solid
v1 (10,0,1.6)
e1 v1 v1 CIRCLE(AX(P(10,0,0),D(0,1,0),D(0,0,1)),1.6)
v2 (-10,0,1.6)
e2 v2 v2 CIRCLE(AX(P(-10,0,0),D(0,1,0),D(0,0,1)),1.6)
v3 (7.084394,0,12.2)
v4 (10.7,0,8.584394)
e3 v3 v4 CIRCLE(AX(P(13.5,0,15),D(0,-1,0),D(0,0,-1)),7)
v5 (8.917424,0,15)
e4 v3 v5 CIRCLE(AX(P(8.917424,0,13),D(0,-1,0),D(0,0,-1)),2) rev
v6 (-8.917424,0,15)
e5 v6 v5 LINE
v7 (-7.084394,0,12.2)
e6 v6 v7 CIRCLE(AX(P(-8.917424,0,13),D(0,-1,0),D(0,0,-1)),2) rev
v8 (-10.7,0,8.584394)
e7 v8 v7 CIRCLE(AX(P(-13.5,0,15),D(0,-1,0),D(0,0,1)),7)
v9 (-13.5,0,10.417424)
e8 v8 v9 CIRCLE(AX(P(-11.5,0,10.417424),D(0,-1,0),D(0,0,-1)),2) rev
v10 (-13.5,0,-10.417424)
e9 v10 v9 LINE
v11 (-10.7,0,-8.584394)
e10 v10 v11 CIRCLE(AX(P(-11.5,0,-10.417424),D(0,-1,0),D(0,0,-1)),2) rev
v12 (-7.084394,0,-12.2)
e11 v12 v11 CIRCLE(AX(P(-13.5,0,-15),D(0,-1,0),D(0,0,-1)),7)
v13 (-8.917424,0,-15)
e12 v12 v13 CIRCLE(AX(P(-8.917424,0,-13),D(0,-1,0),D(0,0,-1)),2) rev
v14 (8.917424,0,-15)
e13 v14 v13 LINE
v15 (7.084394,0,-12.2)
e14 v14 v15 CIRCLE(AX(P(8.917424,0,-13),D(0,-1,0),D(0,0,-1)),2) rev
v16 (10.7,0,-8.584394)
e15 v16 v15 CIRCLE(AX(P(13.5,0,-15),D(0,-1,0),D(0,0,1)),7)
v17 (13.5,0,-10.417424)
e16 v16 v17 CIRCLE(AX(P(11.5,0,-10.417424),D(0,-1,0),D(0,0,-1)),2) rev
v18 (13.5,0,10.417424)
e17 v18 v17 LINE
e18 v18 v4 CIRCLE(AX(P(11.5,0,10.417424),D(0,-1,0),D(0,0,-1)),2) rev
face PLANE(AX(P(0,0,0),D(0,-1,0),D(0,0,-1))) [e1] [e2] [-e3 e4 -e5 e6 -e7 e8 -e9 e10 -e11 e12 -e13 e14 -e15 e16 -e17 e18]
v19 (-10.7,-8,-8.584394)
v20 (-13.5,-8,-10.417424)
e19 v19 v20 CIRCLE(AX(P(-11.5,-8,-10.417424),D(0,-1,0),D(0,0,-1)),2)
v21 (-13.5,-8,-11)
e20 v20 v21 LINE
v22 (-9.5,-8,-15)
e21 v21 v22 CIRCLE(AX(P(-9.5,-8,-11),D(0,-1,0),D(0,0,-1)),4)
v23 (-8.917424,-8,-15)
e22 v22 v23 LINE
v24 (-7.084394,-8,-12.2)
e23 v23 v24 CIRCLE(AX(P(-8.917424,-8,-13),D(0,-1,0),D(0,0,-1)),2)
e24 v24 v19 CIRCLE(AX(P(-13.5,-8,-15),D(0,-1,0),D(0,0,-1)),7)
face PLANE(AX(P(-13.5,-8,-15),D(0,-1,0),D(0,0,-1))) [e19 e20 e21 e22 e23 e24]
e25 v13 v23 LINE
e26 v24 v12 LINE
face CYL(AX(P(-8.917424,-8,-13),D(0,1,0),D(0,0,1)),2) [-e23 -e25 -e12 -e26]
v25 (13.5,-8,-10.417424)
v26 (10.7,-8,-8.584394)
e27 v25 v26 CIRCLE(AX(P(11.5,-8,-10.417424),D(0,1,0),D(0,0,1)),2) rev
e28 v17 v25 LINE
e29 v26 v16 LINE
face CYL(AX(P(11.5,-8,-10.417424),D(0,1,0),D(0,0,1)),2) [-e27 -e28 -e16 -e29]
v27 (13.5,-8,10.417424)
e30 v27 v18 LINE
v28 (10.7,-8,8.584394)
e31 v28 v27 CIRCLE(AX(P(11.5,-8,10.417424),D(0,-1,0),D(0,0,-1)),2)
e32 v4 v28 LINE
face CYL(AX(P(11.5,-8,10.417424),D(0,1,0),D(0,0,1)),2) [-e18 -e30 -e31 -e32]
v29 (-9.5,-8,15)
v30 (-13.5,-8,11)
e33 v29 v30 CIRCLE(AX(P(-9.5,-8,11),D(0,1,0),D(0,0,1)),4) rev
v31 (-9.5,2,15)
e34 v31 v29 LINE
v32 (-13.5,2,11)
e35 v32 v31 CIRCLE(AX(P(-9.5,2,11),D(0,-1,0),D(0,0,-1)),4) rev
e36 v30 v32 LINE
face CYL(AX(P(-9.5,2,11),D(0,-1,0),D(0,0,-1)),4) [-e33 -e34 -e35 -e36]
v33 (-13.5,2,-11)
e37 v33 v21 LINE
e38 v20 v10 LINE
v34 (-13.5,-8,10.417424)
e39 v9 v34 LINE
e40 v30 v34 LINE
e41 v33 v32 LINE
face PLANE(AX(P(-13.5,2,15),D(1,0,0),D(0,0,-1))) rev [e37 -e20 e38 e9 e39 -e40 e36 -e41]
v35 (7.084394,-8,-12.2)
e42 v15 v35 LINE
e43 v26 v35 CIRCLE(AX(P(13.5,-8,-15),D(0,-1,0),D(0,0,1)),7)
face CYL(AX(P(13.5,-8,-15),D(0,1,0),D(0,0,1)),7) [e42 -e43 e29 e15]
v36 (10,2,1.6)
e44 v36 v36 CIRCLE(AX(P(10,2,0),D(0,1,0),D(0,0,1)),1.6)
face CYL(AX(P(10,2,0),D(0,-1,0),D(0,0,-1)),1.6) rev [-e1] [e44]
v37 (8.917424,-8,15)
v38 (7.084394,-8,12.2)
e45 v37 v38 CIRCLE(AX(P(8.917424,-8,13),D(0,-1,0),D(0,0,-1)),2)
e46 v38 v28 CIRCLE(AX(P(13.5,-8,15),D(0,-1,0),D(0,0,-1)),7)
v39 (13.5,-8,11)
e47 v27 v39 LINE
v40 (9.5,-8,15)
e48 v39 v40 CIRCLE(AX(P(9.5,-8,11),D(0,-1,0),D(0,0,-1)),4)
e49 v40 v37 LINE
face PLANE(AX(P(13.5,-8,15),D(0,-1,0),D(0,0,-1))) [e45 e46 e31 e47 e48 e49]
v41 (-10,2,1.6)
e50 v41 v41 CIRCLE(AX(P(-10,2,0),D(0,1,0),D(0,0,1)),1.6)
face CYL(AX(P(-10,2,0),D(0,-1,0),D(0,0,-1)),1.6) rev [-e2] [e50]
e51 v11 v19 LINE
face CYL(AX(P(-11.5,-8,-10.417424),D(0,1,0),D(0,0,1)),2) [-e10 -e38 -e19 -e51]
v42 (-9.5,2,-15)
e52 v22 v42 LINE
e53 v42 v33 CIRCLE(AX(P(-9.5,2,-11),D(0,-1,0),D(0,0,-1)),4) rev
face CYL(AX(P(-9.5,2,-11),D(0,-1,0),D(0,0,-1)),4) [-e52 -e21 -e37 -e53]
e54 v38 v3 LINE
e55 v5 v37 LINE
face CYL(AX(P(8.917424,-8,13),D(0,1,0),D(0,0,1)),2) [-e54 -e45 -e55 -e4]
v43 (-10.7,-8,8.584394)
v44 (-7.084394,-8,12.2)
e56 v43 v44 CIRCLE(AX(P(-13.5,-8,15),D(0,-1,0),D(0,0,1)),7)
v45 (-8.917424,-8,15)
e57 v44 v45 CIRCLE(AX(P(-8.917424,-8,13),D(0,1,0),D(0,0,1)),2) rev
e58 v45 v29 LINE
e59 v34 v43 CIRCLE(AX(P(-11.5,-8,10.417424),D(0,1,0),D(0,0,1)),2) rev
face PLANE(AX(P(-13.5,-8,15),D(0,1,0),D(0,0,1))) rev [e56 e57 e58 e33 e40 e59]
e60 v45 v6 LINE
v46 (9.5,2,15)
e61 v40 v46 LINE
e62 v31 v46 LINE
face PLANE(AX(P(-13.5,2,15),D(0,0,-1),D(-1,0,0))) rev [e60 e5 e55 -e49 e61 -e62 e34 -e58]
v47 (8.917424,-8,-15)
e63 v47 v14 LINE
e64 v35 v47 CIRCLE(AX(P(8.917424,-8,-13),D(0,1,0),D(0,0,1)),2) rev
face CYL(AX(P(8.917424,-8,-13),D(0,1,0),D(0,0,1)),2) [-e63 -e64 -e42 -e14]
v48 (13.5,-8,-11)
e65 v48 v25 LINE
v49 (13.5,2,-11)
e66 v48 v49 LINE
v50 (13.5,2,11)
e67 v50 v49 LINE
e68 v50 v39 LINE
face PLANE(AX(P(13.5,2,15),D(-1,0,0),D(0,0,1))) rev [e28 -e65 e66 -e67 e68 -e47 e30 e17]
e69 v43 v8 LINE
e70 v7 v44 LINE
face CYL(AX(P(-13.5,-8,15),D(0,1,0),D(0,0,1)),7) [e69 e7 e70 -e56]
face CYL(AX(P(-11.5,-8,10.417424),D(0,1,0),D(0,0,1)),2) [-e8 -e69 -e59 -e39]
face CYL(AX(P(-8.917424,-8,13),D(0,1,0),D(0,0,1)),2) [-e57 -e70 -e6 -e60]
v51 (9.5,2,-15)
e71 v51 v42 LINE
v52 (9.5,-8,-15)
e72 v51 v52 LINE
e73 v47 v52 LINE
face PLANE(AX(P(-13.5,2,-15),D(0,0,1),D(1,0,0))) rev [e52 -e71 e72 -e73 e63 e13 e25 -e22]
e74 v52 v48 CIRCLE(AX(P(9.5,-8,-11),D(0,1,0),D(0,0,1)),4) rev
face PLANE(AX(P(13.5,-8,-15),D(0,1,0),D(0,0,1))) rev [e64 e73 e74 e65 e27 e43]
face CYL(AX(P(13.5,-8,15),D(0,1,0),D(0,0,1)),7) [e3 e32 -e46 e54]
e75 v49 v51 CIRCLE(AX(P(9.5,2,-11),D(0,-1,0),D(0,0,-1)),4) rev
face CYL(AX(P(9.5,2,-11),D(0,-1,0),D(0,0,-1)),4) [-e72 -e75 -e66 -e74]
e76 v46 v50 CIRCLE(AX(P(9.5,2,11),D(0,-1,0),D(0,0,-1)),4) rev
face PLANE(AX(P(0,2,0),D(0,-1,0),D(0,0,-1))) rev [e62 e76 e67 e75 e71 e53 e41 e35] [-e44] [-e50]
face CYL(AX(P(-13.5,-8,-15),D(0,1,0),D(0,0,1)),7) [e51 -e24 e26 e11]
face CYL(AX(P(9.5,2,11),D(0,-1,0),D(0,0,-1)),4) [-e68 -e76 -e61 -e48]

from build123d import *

# Parameters (mm, degrees)
SZKIC1_W                    = 27
SZKIC1_H                    = 30
SZKIC1_R                    = 1.6
DODANIE_WYCI_GNI_CIE1_DEPTH = 2
DODANIE_WYCI_GNI_CIE2_DEPTH = 8
ZAOKR_GLENIE1_R             = 4
ZAOKR_GLENIE2_R             = 2


with BuildPart() as part:
    # Szkic1 → Dodanie-wyciągnięcie1 (new body)
    with BuildSketch(Plane(origin=(0, 0, 0), x_dir=(1, 0, 0), z_dir=(0, 1, 0))):
        Rectangle(SZKIC1_W, SZKIC1_H)
        with Locations(Location((10, 0, 0), (0, 0, 270))):
            Circle(SZKIC1_R, mode=Mode.SUBTRACT)
        with Locations(Location((-10, 0, 0), (0, 0, 270))):
            Circle(SZKIC1_R, mode=Mode.SUBTRACT)
    extrude(amount=DODANIE_WYCI_GNI_CIE1_DEPTH)

    # Szkic2 → Dodanie-wyciągnięcie2 (add)
    with BuildSketch(Plane.XZ):
        with BuildLine():
            Line((-13.5, 8), (-13.5, 15))
            Line((-13.5, 15), (-6.5, 15))
            ThreePointArc((-6.5, 15), (-8.550252532, 10.050252532), (-13.5, 8))
        make_face()
        with BuildLine():
            Line((13.5, 8), (13.5, 15))
            Line((13.5, 15), (6.5, 15))
            ThreePointArc((6.5, 15), (8.550252532, 10.050252532), (13.5, 8))
        make_face()
        with BuildLine():
            Line((13.5, -15), (6.5, -15))
            ThreePointArc((6.5, -15), (8.550252532, -10.050252532), (13.5, -8))
            Line((13.5, -8), (13.5, -15))
        make_face()
        with BuildLine():
            Line((-13.5, -8), (-13.5, -15))
            Line((-13.5, -15), (-6.5, -15))
            ThreePointArc((-6.5, -15), (-8.550252532, -10.050252532), (-13.5, -8))
        make_face()
    extrude(amount=DODANIE_WYCI_GNI_CIE2_DEPTH)

    # Zaokrąglenie1
    zaokr_glenie1_edges = [part.edges().sort_by_distance(p)[0] for p in [
        (13.5, -3, 15),
        (-13.5, -3, 15),
        (-13.5, -3, -15),
        (13.5, -3, -15),
    ]]
    fillet(zaokr_glenie1_edges, radius=ZAOKR_GLENIE1_R)

    # Zaokrąglenie2
    zaokr_glenie2_edges = [part.edges().sort_by_distance(p)[0] for p in [
        (-6.5, -4, 15),
        (-13.5, -4, 8),
        (6.5, -4, 15),
        (13.5, -4, 8),
        (13.5, -4, -8),
        (6.5, -4, -15),
        (-6.5, -4, -15),
        (-13.5, -4, -8),
    ]]
    fillet(zaokr_glenie2_edges, radius=ZAOKR_GLENIE2_R)


solid = part.part
